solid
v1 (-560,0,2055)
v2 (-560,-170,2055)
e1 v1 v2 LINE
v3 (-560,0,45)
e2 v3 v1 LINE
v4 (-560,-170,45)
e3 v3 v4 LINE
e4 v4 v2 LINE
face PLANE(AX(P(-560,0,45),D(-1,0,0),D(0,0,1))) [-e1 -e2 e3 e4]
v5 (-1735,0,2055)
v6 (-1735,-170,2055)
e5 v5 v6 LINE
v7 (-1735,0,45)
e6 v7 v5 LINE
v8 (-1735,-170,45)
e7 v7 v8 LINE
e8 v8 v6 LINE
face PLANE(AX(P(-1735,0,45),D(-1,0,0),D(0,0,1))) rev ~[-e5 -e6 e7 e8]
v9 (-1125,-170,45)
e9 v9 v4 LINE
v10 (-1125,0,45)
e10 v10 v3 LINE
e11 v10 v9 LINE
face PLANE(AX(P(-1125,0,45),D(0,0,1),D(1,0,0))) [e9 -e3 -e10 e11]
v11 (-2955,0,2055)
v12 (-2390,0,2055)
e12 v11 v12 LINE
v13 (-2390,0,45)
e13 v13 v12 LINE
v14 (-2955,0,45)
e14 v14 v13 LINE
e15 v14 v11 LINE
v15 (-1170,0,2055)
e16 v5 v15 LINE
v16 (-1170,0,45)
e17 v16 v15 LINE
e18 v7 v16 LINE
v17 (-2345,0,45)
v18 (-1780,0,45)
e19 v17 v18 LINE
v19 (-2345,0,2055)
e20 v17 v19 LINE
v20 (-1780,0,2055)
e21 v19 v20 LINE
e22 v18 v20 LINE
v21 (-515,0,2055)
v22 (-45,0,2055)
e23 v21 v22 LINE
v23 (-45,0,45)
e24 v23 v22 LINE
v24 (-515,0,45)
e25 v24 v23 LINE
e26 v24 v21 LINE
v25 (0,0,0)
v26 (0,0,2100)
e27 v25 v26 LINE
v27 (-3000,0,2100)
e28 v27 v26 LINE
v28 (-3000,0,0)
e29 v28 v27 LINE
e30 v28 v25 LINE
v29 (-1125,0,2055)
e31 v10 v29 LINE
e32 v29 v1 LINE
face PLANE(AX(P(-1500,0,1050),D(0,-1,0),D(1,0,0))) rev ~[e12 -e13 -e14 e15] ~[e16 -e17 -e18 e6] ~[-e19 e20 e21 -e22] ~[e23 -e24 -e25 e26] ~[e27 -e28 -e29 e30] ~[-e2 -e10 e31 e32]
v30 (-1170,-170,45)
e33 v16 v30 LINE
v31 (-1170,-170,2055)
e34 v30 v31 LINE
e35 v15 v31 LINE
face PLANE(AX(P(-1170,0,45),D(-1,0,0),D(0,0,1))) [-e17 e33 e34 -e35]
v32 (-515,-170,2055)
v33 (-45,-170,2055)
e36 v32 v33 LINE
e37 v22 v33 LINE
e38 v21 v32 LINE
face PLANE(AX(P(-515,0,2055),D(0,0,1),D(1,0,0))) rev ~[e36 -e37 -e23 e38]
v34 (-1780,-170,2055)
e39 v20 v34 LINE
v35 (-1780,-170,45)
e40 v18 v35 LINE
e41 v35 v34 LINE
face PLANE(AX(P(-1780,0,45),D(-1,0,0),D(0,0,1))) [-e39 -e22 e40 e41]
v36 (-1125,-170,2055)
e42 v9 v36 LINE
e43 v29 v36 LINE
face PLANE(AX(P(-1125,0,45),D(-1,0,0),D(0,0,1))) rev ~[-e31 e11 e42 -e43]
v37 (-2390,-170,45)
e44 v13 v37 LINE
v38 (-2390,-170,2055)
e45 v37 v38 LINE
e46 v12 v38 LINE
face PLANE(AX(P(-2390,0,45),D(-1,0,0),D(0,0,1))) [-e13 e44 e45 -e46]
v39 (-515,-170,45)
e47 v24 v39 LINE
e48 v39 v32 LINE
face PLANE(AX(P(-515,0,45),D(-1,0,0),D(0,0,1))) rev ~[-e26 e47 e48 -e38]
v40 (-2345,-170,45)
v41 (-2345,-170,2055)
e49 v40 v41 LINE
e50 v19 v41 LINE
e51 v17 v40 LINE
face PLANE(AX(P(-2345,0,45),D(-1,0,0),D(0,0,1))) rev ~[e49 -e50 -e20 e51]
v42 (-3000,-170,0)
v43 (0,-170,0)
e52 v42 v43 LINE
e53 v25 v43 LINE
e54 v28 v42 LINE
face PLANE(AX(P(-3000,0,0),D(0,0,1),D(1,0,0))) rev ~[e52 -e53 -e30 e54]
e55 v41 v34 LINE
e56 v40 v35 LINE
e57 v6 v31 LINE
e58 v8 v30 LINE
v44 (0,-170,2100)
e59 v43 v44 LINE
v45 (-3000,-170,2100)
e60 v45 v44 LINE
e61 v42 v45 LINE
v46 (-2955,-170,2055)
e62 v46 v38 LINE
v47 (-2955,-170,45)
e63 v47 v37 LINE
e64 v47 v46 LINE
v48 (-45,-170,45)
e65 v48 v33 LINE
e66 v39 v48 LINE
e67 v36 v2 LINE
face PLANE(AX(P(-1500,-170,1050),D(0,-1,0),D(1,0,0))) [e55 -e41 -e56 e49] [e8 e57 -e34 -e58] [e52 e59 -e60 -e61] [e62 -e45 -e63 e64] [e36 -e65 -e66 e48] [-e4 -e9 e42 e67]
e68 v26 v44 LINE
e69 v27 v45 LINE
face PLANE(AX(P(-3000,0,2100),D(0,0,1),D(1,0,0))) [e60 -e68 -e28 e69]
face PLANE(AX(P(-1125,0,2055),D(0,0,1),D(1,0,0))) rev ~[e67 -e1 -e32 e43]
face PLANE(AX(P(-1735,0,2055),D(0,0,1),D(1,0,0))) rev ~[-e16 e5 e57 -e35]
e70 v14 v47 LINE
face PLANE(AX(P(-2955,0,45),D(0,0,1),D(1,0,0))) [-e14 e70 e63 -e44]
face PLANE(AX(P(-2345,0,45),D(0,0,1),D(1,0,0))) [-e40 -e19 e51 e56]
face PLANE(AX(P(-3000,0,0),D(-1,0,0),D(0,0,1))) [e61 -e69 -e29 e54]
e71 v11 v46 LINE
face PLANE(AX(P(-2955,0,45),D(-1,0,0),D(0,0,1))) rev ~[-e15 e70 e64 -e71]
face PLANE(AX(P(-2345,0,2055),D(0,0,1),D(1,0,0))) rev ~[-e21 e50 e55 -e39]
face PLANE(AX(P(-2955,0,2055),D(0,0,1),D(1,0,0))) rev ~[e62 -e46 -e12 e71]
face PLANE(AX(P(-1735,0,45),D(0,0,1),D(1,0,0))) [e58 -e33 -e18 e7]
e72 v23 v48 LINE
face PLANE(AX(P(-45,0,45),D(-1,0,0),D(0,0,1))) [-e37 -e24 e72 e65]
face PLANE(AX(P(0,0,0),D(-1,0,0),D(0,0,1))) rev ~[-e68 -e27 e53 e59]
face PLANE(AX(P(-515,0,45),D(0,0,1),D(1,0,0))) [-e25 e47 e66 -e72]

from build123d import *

# Parameters (mm, degrees)
F0_W     = 3000
F0_H     = 2100
F0_W_2   = 565
F0_H_2   = 2010
F0_W_3   = 470
F1_DEPTH = 170


with BuildPart() as f1:
    # F0 (on Front) → F1 (new body)
    with BuildSketch(Plane.XZ):
        with Locations((-1500, 1050)):
            Rectangle(F0_W, F0_H)
        with Locations((-2672.5, 1050)):
            Rectangle(F0_W_2, F0_H_2, mode=Mode.SUBTRACT)
        with Locations((-2062.5, 1050)):
            Rectangle(F0_W_2, F0_H_2, mode=Mode.SUBTRACT)
        with Locations((-1452.5, 1050)):
            Rectangle(F0_W_2, F0_H_2, mode=Mode.SUBTRACT)
        with Locations((-842.5, 1050)):
            Rectangle(F0_W_2, F0_H_2, mode=Mode.SUBTRACT)
        with Locations((-280, 1050)):
            Rectangle(F0_W_3, F0_H_2, mode=Mode.SUBTRACT)
    extrude(amount=F1_DEPTH)


solid = f1.part
